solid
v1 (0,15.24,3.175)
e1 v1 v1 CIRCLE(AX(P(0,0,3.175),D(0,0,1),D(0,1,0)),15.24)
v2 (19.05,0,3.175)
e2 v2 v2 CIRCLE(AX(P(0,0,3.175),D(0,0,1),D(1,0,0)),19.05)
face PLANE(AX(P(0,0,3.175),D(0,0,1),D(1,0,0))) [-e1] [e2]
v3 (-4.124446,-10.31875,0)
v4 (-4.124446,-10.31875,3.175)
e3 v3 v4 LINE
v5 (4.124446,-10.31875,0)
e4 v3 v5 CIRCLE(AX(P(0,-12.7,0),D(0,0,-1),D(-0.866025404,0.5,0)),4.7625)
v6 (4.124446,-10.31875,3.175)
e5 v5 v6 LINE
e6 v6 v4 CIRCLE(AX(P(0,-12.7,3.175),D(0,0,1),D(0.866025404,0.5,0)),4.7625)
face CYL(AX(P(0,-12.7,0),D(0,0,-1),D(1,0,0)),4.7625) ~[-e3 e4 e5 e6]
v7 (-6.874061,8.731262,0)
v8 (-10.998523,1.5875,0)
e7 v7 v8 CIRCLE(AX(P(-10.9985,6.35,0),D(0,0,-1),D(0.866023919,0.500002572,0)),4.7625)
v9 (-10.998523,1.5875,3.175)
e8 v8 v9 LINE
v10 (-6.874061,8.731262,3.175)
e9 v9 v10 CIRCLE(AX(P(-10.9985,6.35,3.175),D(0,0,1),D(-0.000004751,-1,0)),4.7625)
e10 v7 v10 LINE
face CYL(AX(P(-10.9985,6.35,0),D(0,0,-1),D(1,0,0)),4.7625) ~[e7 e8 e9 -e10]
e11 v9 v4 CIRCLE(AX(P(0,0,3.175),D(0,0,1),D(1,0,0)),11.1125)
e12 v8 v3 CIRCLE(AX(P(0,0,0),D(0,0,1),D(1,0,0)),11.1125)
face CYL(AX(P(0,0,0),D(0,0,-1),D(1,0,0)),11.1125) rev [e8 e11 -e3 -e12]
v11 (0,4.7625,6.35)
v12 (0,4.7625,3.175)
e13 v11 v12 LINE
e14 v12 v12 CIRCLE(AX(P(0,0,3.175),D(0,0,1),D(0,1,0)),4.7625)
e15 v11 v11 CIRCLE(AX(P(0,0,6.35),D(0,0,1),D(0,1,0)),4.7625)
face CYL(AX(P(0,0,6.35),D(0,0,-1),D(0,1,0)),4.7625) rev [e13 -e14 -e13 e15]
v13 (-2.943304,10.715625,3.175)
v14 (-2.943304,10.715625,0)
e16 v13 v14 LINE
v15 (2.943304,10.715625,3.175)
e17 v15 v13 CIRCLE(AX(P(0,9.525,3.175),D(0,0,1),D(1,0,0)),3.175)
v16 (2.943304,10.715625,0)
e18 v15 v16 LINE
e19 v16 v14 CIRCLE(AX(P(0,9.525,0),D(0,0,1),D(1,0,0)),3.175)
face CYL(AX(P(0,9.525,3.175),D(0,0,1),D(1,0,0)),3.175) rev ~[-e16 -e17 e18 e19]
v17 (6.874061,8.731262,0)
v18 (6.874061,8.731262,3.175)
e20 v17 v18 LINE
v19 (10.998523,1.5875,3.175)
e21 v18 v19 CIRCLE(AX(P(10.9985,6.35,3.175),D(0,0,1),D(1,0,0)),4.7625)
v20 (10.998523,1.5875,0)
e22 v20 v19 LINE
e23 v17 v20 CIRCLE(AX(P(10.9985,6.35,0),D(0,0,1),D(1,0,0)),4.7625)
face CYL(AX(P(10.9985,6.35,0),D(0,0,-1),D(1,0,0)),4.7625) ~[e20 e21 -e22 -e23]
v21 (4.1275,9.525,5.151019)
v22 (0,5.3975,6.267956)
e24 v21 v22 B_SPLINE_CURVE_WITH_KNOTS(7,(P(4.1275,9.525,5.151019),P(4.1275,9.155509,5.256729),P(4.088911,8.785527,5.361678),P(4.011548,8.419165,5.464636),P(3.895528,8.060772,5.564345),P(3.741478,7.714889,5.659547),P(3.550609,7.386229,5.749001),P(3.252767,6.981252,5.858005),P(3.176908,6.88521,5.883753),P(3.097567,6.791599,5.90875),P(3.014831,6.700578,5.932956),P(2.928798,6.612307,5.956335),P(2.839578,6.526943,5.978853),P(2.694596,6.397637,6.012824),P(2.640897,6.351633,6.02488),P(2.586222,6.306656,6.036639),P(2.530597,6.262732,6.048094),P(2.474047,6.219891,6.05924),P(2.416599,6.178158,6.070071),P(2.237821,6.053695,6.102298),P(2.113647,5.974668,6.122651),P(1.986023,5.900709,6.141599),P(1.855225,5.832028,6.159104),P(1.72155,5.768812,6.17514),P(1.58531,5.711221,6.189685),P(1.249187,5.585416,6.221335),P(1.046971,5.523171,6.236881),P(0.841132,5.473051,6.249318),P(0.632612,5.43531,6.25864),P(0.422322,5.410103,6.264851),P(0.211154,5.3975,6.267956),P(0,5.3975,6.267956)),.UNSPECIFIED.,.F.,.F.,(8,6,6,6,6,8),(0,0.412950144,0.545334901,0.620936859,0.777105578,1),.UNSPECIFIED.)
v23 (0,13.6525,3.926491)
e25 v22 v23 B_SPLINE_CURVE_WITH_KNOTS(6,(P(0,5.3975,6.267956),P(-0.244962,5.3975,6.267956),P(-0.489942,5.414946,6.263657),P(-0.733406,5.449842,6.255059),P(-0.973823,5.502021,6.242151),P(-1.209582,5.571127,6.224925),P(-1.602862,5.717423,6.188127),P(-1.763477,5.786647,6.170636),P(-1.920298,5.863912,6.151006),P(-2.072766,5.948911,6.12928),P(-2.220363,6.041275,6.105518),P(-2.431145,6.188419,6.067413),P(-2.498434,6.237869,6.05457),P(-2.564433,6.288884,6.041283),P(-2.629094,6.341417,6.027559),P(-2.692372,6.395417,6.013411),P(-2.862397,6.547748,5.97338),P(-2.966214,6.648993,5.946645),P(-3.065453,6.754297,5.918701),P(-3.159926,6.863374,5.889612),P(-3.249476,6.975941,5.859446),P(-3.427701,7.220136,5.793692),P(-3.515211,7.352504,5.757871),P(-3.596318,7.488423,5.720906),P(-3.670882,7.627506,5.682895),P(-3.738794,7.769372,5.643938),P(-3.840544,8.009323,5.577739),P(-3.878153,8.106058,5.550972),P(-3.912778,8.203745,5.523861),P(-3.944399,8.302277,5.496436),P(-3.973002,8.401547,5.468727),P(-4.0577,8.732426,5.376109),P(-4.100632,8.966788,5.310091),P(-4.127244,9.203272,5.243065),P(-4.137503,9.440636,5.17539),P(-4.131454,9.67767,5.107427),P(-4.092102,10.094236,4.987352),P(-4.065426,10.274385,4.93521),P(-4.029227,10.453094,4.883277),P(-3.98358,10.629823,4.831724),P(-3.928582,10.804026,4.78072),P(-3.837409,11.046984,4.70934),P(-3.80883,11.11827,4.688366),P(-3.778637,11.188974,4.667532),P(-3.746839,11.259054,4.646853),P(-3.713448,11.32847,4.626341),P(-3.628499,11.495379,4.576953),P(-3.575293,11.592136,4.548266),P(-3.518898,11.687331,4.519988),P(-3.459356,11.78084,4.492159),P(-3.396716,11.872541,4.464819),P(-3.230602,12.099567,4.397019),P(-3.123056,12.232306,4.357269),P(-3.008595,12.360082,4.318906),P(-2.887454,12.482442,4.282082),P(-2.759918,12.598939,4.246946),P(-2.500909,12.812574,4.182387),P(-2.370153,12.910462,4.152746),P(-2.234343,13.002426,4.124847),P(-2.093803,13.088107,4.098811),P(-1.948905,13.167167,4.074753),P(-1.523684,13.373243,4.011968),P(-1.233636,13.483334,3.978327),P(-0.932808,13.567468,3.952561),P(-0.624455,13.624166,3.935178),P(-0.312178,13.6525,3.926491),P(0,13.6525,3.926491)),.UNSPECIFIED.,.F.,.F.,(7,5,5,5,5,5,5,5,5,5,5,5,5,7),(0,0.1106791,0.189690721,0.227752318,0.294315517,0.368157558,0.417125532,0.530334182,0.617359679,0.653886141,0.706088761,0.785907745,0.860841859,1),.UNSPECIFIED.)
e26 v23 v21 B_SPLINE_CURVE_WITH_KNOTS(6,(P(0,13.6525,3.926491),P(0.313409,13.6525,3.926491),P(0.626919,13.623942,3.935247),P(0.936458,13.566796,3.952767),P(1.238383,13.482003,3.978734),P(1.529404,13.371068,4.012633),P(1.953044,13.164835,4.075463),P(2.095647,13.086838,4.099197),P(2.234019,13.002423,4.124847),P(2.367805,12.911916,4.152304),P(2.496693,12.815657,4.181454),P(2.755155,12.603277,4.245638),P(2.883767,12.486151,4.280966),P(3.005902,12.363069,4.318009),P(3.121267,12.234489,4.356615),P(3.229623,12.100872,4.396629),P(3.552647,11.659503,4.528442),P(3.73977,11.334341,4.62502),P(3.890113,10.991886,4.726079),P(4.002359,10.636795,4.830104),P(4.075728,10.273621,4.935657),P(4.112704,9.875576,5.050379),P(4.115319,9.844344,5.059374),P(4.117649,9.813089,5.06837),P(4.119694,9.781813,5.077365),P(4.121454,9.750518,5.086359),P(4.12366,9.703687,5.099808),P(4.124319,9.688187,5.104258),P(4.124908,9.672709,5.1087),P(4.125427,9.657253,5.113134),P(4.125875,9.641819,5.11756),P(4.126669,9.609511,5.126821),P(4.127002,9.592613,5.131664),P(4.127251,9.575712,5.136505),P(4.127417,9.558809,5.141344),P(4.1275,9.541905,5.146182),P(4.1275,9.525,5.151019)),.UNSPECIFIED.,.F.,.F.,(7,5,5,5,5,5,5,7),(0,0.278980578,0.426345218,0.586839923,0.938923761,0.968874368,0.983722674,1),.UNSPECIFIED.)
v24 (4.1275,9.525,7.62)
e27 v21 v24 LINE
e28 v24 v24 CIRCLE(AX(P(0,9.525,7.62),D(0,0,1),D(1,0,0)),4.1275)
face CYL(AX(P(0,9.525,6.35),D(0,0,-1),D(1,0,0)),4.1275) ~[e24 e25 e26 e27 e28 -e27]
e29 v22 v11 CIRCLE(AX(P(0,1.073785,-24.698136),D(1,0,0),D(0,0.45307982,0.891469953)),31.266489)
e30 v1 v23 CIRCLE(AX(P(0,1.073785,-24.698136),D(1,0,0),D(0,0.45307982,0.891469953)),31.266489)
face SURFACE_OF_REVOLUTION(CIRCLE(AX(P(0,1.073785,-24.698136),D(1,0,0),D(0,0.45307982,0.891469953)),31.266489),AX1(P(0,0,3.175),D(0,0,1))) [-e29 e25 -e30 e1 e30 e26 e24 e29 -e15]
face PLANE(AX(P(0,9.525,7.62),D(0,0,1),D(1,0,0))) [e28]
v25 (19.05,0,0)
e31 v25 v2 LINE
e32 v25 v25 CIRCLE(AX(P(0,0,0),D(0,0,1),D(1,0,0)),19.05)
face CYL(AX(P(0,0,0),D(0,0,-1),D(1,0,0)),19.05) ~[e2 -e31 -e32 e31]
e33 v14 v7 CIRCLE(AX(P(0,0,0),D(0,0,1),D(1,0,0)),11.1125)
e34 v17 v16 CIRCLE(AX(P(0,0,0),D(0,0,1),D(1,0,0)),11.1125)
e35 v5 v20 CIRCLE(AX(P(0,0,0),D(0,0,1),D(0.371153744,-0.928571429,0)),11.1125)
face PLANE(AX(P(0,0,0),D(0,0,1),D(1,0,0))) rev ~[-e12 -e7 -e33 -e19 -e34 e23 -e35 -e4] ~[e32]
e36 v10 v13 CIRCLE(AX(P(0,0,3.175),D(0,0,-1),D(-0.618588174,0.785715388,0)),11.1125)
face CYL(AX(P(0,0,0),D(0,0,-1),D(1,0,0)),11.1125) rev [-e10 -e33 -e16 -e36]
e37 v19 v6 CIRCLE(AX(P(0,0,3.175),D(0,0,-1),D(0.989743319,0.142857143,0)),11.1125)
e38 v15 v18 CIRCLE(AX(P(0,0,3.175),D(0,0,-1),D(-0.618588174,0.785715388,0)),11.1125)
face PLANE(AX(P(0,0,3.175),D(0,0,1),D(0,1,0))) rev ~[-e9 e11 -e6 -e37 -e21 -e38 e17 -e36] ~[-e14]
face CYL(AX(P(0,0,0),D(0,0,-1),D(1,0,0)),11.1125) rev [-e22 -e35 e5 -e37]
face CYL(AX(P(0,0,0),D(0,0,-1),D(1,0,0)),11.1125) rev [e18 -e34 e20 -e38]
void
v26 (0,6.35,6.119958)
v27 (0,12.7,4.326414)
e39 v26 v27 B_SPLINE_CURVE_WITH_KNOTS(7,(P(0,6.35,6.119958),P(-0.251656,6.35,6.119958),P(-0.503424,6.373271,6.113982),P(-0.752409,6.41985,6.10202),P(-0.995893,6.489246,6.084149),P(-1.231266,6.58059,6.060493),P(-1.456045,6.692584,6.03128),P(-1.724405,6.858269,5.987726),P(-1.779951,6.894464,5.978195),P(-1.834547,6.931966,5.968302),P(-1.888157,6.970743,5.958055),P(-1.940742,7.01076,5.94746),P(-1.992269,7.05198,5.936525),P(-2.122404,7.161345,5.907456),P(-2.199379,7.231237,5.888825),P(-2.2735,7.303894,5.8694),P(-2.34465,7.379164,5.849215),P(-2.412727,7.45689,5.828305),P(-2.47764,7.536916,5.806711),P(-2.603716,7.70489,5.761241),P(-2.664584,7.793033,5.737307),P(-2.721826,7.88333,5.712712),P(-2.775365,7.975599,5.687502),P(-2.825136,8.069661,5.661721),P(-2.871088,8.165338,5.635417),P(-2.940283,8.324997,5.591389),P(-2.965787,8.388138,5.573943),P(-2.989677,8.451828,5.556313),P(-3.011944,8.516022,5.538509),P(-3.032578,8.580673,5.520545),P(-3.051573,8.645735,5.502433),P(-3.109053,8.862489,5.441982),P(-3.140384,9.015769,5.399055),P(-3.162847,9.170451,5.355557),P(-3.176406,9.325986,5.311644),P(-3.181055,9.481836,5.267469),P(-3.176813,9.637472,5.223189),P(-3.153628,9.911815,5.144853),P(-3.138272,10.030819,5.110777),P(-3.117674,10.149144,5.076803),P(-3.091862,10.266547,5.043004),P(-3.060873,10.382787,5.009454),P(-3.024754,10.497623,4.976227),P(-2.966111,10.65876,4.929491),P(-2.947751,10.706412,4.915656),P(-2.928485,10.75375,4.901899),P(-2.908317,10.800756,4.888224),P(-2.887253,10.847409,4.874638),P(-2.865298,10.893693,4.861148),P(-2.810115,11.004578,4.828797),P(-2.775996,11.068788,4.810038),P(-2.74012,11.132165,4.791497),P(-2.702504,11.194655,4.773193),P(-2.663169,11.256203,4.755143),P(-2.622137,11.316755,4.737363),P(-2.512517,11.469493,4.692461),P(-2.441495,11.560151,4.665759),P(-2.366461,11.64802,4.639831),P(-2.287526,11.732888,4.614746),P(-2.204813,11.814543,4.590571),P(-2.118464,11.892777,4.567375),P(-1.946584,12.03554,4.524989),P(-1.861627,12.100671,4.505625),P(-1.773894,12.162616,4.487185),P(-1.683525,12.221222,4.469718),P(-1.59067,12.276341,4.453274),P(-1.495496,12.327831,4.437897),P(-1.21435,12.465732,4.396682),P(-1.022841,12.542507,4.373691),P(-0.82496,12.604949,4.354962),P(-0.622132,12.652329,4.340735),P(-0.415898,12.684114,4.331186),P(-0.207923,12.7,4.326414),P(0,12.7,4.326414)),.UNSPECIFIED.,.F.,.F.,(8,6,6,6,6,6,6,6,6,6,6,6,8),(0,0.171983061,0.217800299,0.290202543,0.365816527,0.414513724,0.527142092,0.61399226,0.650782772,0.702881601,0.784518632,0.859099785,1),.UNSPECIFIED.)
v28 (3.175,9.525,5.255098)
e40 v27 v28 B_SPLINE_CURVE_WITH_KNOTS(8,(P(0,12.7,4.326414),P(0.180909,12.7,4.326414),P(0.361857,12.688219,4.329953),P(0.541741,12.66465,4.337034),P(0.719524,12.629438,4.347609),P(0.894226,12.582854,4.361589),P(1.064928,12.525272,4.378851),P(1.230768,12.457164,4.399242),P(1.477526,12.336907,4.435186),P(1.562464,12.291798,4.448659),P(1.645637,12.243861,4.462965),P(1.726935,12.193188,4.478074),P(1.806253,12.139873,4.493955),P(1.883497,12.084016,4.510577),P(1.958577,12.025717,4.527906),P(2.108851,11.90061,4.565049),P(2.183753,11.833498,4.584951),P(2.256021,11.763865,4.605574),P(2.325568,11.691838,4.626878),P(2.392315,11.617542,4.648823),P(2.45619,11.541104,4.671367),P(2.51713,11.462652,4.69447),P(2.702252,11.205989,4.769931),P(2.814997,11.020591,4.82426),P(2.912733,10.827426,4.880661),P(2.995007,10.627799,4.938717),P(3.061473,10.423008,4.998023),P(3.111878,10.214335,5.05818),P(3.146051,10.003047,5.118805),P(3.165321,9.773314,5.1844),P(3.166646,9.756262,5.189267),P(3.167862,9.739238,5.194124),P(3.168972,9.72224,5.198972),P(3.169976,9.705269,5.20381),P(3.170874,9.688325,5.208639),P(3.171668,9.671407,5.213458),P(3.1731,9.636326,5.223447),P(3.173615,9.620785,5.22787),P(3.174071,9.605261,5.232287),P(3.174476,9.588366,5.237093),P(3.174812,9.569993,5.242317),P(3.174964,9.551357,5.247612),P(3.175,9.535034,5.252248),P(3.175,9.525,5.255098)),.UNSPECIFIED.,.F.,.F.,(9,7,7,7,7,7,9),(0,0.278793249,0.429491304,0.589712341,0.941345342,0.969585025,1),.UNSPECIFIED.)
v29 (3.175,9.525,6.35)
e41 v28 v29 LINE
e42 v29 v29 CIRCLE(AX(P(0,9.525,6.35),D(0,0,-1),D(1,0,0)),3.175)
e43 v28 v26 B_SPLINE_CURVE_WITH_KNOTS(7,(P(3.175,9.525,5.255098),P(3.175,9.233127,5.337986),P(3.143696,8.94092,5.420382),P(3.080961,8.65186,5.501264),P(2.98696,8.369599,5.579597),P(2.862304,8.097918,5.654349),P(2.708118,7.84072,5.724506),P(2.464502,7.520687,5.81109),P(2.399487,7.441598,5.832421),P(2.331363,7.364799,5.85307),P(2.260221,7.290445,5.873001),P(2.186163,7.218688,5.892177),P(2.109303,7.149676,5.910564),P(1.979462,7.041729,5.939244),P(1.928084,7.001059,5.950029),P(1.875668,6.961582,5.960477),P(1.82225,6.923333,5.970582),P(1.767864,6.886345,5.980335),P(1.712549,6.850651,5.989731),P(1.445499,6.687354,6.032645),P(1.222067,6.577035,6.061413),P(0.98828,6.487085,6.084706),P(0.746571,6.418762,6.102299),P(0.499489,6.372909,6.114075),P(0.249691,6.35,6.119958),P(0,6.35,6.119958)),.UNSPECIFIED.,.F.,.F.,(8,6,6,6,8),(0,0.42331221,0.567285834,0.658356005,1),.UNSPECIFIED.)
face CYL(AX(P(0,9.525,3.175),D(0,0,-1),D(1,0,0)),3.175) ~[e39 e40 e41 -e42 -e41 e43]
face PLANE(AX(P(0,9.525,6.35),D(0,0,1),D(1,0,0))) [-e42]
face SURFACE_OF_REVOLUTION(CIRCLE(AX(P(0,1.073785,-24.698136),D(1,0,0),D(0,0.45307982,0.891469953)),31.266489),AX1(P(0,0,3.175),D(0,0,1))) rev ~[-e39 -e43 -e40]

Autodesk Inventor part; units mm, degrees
ref_plane "YZ Plane" through (0, 0, 0) normal (1, 0, 0) x (0, 1, 0)
ref_plane "XZ Plane" through (0, 0, 0) normal (0, 1, 0) x (-1, 0, 0)
ref_plane "XY Plane" through (0, 0, 0) normal (0, 0, 1) x (1, 0, 0)
sketch "Sketch1" plane through (0, 0, 0) normal (0, 0, 1) x (1, 0, 0)
  circle A0 centre (0, 0) radius 19.05
  circle A1 centre (0, 0) radius 11.1125
  line L0 (0, 0) -> (0, -12.7)
  circle A2 centre (0, -12.7) radius 4.7625
  circle A3 centre (10.9985, 6.35) radius 4.7625
  circle A4 centre (-10.9985, 6.35) radius 4.7625
  dimension "d0" = 38.1
  dimension "d1" = 22.225
  dimension "d2" = 12.7
  dimension "d3" = 9.525
  dimension "d6" = 360
extrude "Extrusion1" add sketch "Sketch1" along normal blind 3.175 contours A0 | A3 A1 | A1 A3 | A2 A1 | A1 L0 A2 | A1 A2 L0 | A4 A1 | A1 A4
sketch "Sketch2" plane through (0, 0, 0) normal (1, 0, 0) x (0, 1, 0)
  line L0 (0, 0) -> (0, 19.3707)
  line L1 (19.05, 3.175) -> (-19.05, 3.175) projected
  line L2 (0, 3.175) -> (15.24, 3.175)
  line L3 (0, 3.175) -> (0, 6.35)
  line L4 (0, 6.35) -> (4.7625, 6.35)
  arc A0 (15.24, 3.175) -> (4.7625, 6.35) centre (1.074, -24.6976) ccw
  line L5 (4.7625, 6.35) -> (4.7625, 3.175)
  dimension "d10" = 15.24
  dimension "d11" = 3.175
  dimension "d12" = 4.7625
revolve "Revolution1" add sketch "Sketch2" angle 360 about axis through (0, 0, 3.175) along (0, 0, 1) contours L5 A0 L1
sketch "Sketch3" plane through (0, 0, 3.175) normal (0, 0, 1) x (1, 0, 0)
  line L0 (0, 0) -> (0, 9.525)
  circle A0 centre (0, 9.525) radius 3.175
  circle A1 centre (0, 9.525) radius 4.1275
  dimension "d14" = 9.525
  dimension "d15" = 6.35
  dimension "d16" = 8.255
extrude "Extrusion2" add sketch "Sketch3" along normal blind 3.175
sketch "Sketch4" plane through (0, 9.525, 6.35) normal (0, 0, 1) x (1, 0, 0)
  circle A0 centre (0, 0) radius 4.1275 projected
  point P0 (0, -9.525)
extrude "Extrusion3" add sketch "Sketch4" along normal blind 1.27
extrude "Extrusion4" cut sketch "Sketch3" against normal through all contours A0
properties part number "SpurGear" material "ABS Plastic"
